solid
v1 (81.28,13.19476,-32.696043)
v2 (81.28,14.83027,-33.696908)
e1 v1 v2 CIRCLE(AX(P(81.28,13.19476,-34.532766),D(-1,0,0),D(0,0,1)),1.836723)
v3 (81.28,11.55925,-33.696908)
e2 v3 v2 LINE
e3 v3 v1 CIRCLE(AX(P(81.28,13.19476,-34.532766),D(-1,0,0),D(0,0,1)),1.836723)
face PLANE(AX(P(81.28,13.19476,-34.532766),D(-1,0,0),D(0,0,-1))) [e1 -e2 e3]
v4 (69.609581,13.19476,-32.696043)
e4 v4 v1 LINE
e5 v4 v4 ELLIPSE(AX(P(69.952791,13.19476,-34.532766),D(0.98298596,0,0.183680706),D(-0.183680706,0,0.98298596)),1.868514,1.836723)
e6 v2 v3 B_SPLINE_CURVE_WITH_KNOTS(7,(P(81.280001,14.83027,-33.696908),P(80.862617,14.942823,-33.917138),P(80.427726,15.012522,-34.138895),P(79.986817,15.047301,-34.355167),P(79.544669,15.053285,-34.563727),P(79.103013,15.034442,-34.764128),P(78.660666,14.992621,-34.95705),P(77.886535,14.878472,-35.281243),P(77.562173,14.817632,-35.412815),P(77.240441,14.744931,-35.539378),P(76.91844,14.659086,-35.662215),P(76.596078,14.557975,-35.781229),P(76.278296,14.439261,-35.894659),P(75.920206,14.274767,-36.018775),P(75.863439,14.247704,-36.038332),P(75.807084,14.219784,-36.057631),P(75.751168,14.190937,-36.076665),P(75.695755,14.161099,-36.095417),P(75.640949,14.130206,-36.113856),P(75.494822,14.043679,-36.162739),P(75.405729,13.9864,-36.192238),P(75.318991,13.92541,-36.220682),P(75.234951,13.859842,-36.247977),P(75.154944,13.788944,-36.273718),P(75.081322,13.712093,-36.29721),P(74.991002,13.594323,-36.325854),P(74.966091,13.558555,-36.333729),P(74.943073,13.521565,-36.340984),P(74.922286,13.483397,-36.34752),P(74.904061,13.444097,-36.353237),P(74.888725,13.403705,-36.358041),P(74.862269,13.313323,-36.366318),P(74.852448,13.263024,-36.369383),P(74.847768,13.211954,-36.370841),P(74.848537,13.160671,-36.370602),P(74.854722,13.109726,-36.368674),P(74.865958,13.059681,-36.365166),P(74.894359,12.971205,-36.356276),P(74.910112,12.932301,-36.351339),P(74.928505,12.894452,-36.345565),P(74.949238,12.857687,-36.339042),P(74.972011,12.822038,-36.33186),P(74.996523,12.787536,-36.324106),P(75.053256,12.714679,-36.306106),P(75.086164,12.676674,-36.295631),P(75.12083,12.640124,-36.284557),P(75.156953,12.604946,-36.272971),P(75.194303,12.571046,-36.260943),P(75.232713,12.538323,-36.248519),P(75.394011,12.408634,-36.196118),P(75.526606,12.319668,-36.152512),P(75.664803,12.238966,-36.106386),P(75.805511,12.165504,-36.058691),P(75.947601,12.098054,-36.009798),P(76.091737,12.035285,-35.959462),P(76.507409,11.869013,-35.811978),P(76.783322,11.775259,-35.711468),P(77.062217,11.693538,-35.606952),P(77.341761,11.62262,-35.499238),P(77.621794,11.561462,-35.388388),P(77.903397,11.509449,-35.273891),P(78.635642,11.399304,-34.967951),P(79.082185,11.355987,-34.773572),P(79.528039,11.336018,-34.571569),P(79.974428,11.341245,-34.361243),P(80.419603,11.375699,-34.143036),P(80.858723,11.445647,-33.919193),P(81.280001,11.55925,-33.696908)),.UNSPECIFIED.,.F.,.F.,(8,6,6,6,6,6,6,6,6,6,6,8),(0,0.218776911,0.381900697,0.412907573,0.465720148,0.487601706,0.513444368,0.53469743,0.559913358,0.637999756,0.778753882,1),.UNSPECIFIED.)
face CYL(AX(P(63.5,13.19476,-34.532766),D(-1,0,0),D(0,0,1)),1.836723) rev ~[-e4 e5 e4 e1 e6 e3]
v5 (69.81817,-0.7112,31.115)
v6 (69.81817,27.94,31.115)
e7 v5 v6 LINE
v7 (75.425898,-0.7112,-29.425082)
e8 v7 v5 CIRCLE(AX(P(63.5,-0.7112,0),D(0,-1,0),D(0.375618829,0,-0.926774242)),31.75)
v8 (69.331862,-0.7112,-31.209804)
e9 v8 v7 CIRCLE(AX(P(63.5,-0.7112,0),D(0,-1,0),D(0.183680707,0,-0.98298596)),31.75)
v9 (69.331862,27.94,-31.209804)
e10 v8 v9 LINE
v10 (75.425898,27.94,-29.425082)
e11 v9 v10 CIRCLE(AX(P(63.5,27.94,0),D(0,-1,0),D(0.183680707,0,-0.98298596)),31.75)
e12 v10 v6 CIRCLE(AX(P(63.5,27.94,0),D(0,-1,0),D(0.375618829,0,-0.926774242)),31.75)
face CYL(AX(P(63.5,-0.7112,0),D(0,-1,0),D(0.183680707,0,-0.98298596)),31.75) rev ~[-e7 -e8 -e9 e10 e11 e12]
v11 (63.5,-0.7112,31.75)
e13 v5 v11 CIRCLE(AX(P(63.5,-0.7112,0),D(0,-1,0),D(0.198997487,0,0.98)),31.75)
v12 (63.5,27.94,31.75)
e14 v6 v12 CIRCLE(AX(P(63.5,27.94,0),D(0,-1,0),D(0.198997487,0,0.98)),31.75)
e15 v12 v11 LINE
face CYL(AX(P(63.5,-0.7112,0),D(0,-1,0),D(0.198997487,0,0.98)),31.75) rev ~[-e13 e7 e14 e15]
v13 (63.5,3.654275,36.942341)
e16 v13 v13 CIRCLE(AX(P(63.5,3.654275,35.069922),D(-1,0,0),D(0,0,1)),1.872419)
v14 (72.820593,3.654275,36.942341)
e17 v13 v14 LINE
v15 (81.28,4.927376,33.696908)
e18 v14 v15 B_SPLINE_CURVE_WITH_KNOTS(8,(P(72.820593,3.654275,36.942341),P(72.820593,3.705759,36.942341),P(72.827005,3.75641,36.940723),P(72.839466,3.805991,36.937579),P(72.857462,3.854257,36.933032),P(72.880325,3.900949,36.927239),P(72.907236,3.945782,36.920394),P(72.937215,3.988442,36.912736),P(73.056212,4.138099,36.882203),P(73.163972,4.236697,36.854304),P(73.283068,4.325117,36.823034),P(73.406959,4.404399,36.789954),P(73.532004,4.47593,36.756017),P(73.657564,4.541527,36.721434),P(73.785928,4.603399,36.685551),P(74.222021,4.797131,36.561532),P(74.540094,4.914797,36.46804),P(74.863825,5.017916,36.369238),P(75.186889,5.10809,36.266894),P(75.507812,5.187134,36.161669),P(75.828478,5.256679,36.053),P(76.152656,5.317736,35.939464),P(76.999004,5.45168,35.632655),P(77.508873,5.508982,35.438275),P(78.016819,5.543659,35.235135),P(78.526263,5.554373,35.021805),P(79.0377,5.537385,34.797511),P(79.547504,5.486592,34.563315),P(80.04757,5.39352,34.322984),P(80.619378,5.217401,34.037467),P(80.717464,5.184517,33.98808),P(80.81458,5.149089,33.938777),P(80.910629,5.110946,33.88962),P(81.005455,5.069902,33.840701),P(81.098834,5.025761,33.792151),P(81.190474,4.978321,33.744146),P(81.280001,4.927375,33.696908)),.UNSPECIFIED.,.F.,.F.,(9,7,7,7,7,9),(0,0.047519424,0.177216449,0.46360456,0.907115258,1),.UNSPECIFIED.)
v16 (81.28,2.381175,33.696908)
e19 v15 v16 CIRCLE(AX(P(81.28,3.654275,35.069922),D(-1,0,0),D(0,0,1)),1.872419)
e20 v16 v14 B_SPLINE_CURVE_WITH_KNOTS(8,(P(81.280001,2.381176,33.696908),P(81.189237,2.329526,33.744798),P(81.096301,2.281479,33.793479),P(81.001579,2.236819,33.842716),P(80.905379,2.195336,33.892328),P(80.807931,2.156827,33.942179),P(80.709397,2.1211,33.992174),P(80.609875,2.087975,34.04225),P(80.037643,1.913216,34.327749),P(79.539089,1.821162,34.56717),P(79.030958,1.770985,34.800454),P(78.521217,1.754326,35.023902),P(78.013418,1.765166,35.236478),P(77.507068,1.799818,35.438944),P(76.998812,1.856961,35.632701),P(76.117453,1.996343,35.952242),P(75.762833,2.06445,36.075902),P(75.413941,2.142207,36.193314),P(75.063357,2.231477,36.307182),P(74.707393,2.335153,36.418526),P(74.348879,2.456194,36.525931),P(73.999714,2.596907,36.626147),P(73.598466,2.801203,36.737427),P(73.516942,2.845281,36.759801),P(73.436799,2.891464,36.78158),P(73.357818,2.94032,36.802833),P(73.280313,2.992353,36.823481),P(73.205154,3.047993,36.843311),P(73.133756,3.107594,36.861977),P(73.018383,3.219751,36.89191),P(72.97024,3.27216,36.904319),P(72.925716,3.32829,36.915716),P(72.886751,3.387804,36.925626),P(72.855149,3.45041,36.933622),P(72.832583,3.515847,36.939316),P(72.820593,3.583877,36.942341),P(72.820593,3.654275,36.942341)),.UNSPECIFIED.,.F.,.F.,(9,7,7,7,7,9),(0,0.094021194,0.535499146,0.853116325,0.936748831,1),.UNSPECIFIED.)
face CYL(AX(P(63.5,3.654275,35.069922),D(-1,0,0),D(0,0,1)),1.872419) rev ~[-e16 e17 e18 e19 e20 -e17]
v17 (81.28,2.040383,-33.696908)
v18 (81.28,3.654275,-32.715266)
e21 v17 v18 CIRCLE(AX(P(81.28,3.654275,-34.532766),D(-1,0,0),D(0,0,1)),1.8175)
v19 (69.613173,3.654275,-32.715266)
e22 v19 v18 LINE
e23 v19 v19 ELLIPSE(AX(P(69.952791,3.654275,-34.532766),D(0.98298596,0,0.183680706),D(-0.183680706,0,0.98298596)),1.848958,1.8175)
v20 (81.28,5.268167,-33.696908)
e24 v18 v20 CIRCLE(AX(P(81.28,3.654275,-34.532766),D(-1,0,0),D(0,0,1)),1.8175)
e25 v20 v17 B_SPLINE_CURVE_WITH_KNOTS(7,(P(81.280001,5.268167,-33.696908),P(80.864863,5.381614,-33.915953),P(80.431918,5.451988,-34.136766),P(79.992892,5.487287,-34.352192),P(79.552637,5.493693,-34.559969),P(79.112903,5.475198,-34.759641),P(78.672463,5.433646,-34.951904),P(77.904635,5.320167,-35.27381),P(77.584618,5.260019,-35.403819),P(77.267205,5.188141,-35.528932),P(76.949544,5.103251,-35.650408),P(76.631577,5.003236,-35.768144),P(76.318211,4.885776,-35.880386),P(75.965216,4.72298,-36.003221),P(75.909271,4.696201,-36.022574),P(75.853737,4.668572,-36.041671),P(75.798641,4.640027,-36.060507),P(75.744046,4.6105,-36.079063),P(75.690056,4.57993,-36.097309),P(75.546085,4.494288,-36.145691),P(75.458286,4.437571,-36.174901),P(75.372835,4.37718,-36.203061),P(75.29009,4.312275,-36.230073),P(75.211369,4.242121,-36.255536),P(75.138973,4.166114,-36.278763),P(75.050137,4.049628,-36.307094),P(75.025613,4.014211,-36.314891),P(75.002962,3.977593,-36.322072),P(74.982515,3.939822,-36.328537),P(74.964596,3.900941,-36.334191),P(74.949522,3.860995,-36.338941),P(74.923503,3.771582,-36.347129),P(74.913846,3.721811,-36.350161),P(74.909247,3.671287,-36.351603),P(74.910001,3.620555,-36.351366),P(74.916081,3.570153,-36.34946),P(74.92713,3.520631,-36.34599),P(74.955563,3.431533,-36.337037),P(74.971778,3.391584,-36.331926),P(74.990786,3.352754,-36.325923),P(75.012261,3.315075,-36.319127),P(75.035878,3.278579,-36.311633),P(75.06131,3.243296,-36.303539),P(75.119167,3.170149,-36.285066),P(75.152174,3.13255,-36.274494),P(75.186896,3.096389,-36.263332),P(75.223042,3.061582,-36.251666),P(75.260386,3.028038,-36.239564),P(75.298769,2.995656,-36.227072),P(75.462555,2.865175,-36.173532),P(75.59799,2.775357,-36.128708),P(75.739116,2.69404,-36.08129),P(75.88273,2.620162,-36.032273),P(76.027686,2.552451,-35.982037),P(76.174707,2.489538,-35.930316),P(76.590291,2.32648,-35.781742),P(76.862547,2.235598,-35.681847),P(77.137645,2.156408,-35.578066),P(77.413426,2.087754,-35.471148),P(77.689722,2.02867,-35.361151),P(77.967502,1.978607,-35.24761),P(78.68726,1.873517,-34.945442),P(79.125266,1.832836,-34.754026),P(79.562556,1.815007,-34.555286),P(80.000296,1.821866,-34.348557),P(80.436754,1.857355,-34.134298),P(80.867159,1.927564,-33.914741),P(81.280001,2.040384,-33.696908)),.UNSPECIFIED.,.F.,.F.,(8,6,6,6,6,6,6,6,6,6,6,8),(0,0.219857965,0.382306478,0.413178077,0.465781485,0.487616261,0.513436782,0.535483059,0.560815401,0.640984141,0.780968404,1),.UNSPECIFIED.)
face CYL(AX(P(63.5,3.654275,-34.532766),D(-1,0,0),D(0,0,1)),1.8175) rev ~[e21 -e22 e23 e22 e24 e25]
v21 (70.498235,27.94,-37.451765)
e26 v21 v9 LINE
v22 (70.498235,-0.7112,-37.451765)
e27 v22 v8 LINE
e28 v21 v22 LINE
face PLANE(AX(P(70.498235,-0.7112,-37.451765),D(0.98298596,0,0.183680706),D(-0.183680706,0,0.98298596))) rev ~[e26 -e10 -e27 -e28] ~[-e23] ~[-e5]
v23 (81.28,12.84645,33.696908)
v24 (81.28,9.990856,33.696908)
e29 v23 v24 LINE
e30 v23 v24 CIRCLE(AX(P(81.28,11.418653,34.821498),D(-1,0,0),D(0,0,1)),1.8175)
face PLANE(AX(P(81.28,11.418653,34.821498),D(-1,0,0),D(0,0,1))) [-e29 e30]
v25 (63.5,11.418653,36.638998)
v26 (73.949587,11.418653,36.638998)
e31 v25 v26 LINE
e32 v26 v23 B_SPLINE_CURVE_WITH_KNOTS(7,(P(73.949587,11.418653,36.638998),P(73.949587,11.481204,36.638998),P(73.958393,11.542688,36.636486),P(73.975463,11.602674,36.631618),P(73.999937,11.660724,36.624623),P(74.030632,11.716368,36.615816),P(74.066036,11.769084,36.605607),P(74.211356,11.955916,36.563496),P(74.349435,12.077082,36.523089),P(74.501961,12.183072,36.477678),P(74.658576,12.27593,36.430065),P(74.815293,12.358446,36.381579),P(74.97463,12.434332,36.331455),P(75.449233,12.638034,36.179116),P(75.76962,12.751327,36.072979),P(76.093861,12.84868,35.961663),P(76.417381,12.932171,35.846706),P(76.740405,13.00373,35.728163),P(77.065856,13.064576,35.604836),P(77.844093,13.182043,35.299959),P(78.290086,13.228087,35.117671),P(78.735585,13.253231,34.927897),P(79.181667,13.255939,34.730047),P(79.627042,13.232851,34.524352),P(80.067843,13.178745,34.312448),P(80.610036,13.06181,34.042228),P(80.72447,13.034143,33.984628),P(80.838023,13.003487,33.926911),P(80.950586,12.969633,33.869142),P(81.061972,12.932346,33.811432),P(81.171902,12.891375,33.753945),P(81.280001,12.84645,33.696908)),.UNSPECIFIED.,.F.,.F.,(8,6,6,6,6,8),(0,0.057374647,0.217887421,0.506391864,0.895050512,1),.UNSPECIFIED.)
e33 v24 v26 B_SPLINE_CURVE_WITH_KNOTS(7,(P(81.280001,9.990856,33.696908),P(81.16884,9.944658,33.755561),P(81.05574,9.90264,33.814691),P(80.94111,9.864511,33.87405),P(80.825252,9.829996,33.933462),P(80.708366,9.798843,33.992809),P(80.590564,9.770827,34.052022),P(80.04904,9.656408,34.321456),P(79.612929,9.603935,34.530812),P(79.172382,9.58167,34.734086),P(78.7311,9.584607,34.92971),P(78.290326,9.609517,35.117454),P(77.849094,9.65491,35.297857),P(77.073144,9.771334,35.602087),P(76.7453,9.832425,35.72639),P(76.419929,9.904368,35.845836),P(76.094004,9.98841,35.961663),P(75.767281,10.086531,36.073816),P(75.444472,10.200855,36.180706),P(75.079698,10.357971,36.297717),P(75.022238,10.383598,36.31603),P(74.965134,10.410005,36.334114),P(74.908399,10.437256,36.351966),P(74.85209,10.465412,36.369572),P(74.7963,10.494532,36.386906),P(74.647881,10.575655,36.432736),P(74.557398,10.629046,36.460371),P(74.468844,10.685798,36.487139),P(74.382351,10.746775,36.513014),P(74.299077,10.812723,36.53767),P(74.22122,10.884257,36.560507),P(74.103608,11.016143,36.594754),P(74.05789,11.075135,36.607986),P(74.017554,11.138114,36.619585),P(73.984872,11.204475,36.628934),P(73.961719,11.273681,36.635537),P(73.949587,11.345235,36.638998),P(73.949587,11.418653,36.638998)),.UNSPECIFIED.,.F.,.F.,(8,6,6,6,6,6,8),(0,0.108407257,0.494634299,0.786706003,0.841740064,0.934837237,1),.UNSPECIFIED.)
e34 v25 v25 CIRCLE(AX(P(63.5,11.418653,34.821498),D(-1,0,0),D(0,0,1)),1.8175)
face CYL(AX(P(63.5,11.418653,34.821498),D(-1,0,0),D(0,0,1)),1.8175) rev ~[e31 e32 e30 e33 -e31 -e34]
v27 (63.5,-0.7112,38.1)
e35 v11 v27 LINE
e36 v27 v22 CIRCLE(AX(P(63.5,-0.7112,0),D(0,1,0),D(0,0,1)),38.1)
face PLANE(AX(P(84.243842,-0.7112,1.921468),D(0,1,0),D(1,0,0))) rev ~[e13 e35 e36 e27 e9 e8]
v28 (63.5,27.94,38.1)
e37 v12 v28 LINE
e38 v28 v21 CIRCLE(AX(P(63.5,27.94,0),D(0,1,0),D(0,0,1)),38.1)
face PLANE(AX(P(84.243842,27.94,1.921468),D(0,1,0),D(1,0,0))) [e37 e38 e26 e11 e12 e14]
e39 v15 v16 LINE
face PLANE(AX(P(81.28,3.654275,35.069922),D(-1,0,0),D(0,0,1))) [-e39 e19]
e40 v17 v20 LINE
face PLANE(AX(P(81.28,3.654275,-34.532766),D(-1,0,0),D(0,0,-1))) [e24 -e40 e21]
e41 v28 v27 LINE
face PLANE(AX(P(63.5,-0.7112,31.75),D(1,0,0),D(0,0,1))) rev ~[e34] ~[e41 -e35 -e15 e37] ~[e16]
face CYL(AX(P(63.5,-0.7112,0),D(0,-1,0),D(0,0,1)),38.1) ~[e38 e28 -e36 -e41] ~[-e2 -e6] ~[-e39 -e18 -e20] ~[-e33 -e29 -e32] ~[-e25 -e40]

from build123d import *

# Parameters (mm, degrees)
BOSS_EXTRUDE1_DEPTH     = 27.94
CUT_EXTRUDE1_DEPTH      = 17.78
CUT_EXTRUDE1_DEPTH_BACK = 17.78
SKETCH2_R               = 1.5
SKETCH2_R_2             = 1.554918768
SKETCH2_R_3             = 1.519223358
SKETCH2_3_R             = 1.8175
SKETCH2_3_R_2           = 1.5
SKETCH2_3_R_3           = 1.872418768
SKETCH2_3_R_4           = 1.554918768
SKETCH2_3_R_5           = 1.836723358
SKETCH2_3_R_6           = 1.519223358
CUT_EXTRUDE2_DEPTH      = 17.78
BOSS_EXTRUDE2_START     = -0.7112
BOSS_EXTRUDE2_DEPTH     = 0.7112


with BuildPart() as part:
    # Sketch1 → Boss-Extrude1 (new body)
    with BuildSketch(Plane(origin=(0, 0, 0), x_dir=(1, 0, 0), z_dir=(0, 1, 0))):
        with BuildLine():
            Line((70.498234913, 37.451765087), (69.331862428, 31.209804239))
            ThreePointArc((69.331862428, 31.209804239), (72.423610275, 30.470176889), (75.425897806, 29.425082184))
            ThreePointArc((75.425897806, 29.425082184), (95.114662615, -2.928413856), (69.818170226, -31.115))
            ThreePointArc((69.818170226, -31.115), (66.675, -31.590851128), (63.5, -31.75))
            Line((63.5, -31.75), (63.5, -38.1))
            ThreePointArc((63.5, -38.1), (101.437595139, -3.514096627), (70.498234913, 37.451765087))
        make_face()
    extrude(amount=BOSS_EXTRUDE1_DEPTH)

    # Sketch2 → Cut-Extrude1 (cut, two sides: drawn at the far end of the back side and taken through both)
    with BuildSketch(Plane.ZY.offset(-63.5).offset(-CUT_EXTRUDE1_DEPTH_BACK)):
        with Locations((34.821497506, 11.418652896)):
            Circle(SKETCH2_R)
        with Locations((35.069922057, 3.654275356)):
            Circle(SKETCH2_R_2)
        with Locations((-34.532766251, 13.194759825)):
            Circle(SKETCH2_R_3)
        with Locations((-34.532766251, 3.654275356)):
            Circle(SKETCH2_R)
    extrude(amount=CUT_EXTRUDE1_DEPTH + CUT_EXTRUDE1_DEPTH_BACK, mode=Mode.SUBTRACT)

    # Sketch2<3> → Cut-Extrude2 (cut)
    # profile 1 of 4: a face of its own
    with BuildSketch(Plane.ZY.offset(-63.5)):
        with Locations((34.821497506, 11.418652896)):
            Circle(SKETCH2_3_R)
        with Locations((34.821497506, 11.418652896)):
            Circle(SKETCH2_3_R_2, mode=Mode.SUBTRACT)
    # profile 2 of 4: a face of its own
    with BuildSketch(Plane.ZY.offset(-63.5)):
        with Locations((35.069922057, 3.654275356)):
            Circle(SKETCH2_3_R_3)
        with Locations((35.069922057, 3.654275356)):
            Circle(SKETCH2_3_R_4, mode=Mode.SUBTRACT)
    # profile 3 of 4: a face of its own
    with BuildSketch(Plane.ZY.offset(-63.5)):
        with Locations((-34.532766251, 13.194759825)):
            Circle(SKETCH2_3_R_5)
        with Locations((-34.532766251, 13.194759825)):
            Circle(SKETCH2_3_R_6, mode=Mode.SUBTRACT)
    # profile 4 of 4: a face of its own
    with BuildSketch(Plane.ZY.offset(-63.5)):
        with Locations((-34.532766251, 3.654275356)):
            Circle(SKETCH2_3_R)
        with Locations((-34.532766251, 3.654275356)):
            Circle(SKETCH2_3_R_2, mode=Mode.SUBTRACT)
    extrude(amount=-CUT_EXTRUDE2_DEPTH, mode=Mode.SUBTRACT)

    # Sketch1<2> → Boss-Extrude2 (add)
    with BuildSketch(Plane(origin=(0, 0, 0), x_dir=(1, 0, 0), z_dir=(0, 1, 0)).offset(BOSS_EXTRUDE2_START)):
        with BuildLine():
            Line((70.498234913, 37.451765087), (69.331862428, 31.209804239))
            ThreePointArc((69.331862428, 31.209804239), (72.423610275, 30.470176889), (75.425897806, 29.425082184))
            ThreePointArc((75.425897806, 29.425082184), (95.114662615, -2.928413856), (69.818170226, -31.115))
            ThreePointArc((69.818170226, -31.115), (66.675, -31.590851128), (63.5, -31.75))
            Line((63.5, -31.75), (63.5, -38.1))
            ThreePointArc((63.5, -38.1), (101.437595139, -3.514096627), (70.498234913, 37.451765087))
        make_face()
    extrude(amount=BOSS_EXTRUDE2_DEPTH)


solid = part.part
